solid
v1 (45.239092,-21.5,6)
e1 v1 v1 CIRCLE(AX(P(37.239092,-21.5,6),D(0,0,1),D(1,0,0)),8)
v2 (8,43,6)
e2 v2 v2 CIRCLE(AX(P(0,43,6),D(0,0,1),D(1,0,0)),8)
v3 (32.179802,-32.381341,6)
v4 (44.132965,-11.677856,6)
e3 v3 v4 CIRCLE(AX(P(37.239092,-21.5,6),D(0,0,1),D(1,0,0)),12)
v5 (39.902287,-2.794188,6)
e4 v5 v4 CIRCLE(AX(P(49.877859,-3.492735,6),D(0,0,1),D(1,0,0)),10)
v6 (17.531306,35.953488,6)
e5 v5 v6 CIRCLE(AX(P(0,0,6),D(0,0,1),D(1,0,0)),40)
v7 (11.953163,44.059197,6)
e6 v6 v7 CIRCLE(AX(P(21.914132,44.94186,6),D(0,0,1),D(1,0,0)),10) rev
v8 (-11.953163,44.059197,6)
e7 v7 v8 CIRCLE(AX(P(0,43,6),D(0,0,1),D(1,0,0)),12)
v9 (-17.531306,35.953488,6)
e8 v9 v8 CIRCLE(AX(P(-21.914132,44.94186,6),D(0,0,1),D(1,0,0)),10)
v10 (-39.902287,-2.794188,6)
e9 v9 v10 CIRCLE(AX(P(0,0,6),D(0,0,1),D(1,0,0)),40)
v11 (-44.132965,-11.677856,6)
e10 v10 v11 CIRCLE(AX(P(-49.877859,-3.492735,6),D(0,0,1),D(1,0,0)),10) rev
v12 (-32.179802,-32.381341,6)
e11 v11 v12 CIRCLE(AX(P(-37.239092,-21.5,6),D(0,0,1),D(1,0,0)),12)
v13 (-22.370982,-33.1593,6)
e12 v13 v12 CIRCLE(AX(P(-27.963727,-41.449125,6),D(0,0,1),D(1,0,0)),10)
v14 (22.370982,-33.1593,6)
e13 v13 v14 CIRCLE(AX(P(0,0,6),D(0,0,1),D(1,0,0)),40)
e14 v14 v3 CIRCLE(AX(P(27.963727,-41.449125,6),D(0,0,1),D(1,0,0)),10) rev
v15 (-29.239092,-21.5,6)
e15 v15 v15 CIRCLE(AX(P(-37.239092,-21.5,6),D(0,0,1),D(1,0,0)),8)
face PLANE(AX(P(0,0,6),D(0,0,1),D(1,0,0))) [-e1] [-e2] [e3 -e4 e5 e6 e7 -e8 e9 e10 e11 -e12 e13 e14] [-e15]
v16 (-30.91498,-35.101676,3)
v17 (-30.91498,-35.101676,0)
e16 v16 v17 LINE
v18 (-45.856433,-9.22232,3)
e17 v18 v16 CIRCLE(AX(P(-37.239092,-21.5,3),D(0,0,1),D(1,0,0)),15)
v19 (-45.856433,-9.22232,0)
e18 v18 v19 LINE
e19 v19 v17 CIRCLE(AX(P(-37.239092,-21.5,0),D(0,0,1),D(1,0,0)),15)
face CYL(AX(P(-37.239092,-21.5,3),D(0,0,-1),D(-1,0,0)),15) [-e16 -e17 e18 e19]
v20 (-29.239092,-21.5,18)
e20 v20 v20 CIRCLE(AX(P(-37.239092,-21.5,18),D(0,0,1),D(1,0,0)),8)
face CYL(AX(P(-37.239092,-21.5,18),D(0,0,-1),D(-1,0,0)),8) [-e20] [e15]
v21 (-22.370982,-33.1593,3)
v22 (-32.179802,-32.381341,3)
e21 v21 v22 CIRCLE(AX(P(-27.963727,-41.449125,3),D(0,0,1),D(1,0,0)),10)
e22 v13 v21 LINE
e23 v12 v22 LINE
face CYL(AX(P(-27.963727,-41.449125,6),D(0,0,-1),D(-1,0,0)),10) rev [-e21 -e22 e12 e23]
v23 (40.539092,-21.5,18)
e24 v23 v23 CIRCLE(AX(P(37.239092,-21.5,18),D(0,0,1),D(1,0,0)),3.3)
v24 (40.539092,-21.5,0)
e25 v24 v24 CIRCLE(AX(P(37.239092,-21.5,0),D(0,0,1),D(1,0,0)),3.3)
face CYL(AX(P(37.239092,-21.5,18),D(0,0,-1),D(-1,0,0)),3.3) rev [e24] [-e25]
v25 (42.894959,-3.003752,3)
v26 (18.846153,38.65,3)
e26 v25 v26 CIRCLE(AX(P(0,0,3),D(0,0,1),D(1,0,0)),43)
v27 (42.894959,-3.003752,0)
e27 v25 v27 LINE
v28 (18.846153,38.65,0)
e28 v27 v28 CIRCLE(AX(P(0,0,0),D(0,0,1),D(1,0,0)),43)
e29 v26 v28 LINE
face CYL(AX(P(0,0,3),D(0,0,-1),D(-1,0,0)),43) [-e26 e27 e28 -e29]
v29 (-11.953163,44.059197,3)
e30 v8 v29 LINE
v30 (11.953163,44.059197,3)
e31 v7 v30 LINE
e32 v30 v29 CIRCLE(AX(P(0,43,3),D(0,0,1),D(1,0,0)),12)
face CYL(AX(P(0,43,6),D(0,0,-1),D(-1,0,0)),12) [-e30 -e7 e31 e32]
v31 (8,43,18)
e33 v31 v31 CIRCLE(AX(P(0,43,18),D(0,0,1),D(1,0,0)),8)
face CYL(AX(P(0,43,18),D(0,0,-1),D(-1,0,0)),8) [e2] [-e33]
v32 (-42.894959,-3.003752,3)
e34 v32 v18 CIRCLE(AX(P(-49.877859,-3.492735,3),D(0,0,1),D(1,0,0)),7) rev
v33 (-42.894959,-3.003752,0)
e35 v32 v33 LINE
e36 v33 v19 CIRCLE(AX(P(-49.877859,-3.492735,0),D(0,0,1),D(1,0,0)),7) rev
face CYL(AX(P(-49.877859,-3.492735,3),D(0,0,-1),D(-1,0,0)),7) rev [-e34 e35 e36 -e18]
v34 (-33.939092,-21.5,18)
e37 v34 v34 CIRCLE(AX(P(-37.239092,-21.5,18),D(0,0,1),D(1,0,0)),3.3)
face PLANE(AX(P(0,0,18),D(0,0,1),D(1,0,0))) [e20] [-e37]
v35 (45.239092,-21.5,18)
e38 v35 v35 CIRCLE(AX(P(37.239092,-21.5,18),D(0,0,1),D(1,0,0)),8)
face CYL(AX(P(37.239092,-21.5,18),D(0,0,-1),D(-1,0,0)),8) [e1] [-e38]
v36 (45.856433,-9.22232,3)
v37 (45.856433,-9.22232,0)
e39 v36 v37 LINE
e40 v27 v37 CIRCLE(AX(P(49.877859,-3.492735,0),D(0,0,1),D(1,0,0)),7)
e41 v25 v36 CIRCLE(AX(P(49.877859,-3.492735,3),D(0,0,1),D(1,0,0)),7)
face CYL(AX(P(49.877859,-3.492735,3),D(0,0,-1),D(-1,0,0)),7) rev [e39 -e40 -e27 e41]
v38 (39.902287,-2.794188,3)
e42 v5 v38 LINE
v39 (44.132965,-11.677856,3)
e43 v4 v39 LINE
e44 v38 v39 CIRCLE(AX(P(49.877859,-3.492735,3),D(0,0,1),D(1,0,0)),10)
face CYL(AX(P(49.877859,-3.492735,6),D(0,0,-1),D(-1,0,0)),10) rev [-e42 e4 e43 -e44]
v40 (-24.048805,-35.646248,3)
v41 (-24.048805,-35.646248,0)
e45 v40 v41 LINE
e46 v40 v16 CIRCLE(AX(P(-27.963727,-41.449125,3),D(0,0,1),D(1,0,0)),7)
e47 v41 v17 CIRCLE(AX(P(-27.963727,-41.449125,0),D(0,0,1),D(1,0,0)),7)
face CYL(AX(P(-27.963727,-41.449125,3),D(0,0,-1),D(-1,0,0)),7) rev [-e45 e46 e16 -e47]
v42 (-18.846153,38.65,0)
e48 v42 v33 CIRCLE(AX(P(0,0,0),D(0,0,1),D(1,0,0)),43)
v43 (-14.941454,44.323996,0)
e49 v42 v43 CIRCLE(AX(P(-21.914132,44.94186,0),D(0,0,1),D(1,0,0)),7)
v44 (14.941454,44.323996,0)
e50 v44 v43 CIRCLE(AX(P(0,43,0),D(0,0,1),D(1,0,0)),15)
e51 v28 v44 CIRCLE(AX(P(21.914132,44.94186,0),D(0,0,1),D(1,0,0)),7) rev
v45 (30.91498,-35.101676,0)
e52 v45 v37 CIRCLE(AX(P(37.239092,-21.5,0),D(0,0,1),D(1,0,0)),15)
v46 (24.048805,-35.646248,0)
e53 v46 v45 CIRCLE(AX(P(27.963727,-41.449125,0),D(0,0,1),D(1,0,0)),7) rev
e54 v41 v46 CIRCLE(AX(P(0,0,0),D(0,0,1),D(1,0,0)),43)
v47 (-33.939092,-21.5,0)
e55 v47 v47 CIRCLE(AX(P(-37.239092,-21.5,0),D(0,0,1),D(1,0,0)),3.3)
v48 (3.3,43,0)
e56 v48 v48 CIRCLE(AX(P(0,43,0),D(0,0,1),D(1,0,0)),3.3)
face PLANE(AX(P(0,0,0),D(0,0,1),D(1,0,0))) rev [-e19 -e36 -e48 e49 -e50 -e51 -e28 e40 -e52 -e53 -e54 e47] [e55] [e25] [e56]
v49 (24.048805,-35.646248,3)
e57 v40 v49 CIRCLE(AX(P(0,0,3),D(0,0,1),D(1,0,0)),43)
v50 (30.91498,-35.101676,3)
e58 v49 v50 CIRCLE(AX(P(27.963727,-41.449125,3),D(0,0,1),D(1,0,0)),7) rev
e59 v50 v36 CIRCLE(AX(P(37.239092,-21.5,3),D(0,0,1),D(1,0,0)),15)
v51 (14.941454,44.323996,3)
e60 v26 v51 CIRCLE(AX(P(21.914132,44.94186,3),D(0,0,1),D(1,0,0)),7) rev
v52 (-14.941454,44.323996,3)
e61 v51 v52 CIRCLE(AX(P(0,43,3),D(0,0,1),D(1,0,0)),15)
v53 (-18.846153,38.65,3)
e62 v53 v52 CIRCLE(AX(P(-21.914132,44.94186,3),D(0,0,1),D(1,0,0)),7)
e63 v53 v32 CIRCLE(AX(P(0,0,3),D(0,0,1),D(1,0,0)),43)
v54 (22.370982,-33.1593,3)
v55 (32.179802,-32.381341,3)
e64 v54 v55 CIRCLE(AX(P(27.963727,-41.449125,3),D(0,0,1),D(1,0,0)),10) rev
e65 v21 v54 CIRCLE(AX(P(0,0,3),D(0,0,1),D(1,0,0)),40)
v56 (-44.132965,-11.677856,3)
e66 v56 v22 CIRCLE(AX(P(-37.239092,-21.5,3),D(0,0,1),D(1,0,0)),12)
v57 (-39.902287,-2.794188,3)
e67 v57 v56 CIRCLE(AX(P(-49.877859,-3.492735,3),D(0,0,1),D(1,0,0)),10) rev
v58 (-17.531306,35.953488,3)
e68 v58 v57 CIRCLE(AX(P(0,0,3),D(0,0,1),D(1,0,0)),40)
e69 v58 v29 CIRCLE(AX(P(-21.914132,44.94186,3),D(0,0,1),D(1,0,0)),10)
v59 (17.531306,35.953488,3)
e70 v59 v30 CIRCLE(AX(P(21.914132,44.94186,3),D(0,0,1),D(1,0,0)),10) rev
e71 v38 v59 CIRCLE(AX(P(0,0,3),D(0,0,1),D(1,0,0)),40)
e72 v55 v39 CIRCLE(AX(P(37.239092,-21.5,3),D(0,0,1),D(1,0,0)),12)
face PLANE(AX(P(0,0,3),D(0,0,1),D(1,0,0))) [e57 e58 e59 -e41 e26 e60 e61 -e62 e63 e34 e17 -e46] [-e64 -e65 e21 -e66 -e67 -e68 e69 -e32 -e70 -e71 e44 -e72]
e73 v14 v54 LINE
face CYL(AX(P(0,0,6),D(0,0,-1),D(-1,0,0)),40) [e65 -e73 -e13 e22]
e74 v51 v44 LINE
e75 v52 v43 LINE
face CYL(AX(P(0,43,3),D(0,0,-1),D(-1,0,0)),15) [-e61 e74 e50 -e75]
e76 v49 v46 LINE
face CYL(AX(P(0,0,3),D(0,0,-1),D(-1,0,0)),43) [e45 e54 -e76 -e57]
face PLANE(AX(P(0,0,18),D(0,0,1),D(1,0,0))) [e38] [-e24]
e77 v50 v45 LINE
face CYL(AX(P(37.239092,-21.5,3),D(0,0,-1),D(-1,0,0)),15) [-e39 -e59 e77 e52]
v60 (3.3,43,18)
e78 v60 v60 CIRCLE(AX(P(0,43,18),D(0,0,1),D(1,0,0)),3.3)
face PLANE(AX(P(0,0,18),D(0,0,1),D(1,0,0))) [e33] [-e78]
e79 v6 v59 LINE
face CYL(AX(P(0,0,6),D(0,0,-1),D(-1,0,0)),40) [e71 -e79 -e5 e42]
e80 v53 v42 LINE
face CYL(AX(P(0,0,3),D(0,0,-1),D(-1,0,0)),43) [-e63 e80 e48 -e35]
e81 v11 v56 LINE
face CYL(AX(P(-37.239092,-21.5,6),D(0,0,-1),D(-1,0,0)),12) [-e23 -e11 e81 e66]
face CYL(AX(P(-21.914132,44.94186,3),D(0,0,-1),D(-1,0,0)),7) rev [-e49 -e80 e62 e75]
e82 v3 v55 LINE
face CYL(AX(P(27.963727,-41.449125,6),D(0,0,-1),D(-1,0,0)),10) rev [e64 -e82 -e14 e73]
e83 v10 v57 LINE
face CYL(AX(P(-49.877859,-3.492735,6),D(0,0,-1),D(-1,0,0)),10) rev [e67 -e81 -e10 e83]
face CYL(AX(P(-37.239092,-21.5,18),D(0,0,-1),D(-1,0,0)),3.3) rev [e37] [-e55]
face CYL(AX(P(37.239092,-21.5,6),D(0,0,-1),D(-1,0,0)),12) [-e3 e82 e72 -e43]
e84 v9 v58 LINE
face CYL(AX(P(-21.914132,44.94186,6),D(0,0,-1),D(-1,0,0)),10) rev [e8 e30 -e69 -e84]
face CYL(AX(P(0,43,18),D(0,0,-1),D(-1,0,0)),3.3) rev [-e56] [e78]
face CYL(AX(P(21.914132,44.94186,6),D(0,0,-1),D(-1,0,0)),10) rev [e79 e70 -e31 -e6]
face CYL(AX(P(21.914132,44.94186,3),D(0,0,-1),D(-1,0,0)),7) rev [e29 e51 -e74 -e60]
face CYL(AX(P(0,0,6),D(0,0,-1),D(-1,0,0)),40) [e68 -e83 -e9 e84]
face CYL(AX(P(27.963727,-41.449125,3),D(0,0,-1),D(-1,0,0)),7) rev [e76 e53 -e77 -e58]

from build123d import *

# Parameters (mm, degrees)
BOSS_EXTRUDE1_DEPTH = 3
SKETCH1_3_R         = 8
BOSS_EXTRUDE2_DEPTH = 6
SKETCH1_5_R         = 8
SKETCH1_5_R_2       = 3.3
BOSS_EXTRUDE4_DEPTH = 18


with BuildPart() as part:
    # Sketch1 → Boss-Extrude1 (new body)
    with BuildSketch(Plane.XY):
        with BuildLine():
            ThreePointArc((-14.941453584, 44.323995772), (-16.147655157, 40.973517522), (-18.846153454, 38.65))
            ThreePointArc((-18.846153454, 38.65), (-37.239092363, 21.5), (-42.894958583, -3.003752345))
            ThreePointArc((-42.894958583, -3.003752345), (-43.557934635, -6.502479184), (-45.856433127, -9.222319513))
            ThreePointArc((-45.856433127, -9.222319513), (-50.229473419, -29), (-30.914979544, -35.101676259))
            ThreePointArc((-30.914979544, -35.101676259), (-27.410279478, -34.471038339), (-24.048805129, -35.646247655))
            ThreePointArc((-24.048805129, -35.646247655), (0, -43), (24.048805129, -35.646247655))
            ThreePointArc((24.048805129, -35.646247655), (27.410279478, -34.471038339), (30.914979544, -35.101676259))
            ThreePointArc((30.914979544, -35.101676259), (50.229473419, -29), (45.856433127, -9.222319513))
            ThreePointArc((45.856433127, -9.222319513), (43.557934635, -6.502479184), (42.894958583, -3.003752345))
            ThreePointArc((42.894958583, -3.003752345), (37.239092363, 21.5), (18.846153454, 38.65))
            ThreePointArc((18.846153454, 38.65), (16.147655157, 40.973517523), (14.941453584, 44.323995772))
            ThreePointArc((14.941453584, 44.323995772), (0, 58), (-14.941453584, 44.323995772))
        make_face()
        with BuildLine():
            ThreePointArc((-39.902287054, -2.794188228), (-34.641016151, 20), (-17.531305538, 35.953488372))
            ThreePointArc((-17.531305538, 35.953488372), (-13.676307972, 39.272799119), (-11.953162867, 44.059196617))
            ThreePointArc((-11.953162867, 44.059196617), (0, 55), (11.953162867, 44.059196617))
            ThreePointArc((11.953162867, 44.059196617), (13.676307972, 39.272799119), (17.531305538, 35.953488372))
            ThreePointArc((17.531305538, 35.953488372), (34.641016151, 20), (39.902287054, -2.794188228))
            ThreePointArc((39.902287054, -2.794188228), (40.8493957, -7.792369426), (44.132964974, -11.67785561))
            ThreePointArc((44.132964974, -11.67785561), (47.631397208, -27.5), (32.179802107, -32.381341007))
            ThreePointArc((32.179802107, -32.381341007), (27.173087728, -31.480429693), (22.370981516, -33.159300144))
            ThreePointArc((22.370981516, -33.159300144), (0, -40), (-22.370981516, -33.159300144))
            ThreePointArc((-22.370981516, -33.159300144), (-27.173087728, -31.480429693), (-32.179802107, -32.381341007))
            ThreePointArc((-32.179802107, -32.381341007), (-47.631397208, -27.5), (-44.132964974, -11.67785561))
            ThreePointArc((-44.132964974, -11.67785561), (-40.8493957, -7.792369426), (-39.902287054, -2.794188228))
        make_face(mode=Mode.SUBTRACT)
    extrude(amount=BOSS_EXTRUDE1_DEPTH)

    # Sketch1<3> → Boss-Extrude2 (add)
    with BuildSketch(Plane.XY):
        with BuildLine():
            ThreePointArc((-11.953162867, 44.059196617), (-13.676307972, 39.272799119), (-17.531305538, 35.953488372))
            ThreePointArc((-17.531305538, 35.953488372), (-34.641016151, 20), (-39.902287054, -2.794188228))
            ThreePointArc((-39.902287054, -2.794188228), (-40.8493957, -7.792369426), (-44.132964974, -11.67785561))
            ThreePointArc((-44.132964974, -11.67785561), (-47.631397208, -27.5), (-32.179802107, -32.381341007))
            ThreePointArc((-32.179802107, -32.381341007), (-27.173087728, -31.480429693), (-22.370981516, -33.159300144))
            ThreePointArc((-22.370981516, -33.159300144), (0, -40), (22.370981516, -33.159300144))
            ThreePointArc((22.370981516, -33.159300144), (27.173087728, -31.480429693), (32.179802107, -32.381341007))
            ThreePointArc((32.179802107, -32.381341007), (47.631397208, -27.5), (44.132964974, -11.67785561))
            ThreePointArc((44.132964974, -11.67785561), (40.8493957, -7.792369426), (39.902287054, -2.794188228))
            ThreePointArc((39.902287054, -2.794188228), (34.641016151, 20), (17.531305538, 35.953488372))
            ThreePointArc((17.531305538, 35.953488372), (13.676307972, 39.272799119), (11.953162867, 44.059196617))
            ThreePointArc((11.953162867, 44.059196617), (0, 55), (-11.953162867, 44.059196617))
        make_face()
        with Locations((-37.239092363, -21.5)):
            Circle(SKETCH1_3_R, mode=Mode.SUBTRACT)
        with Locations((37.239092363, -21.5)):
            Circle(SKETCH1_3_R, mode=Mode.SUBTRACT)
        with Locations((0, 43)):
            Circle(SKETCH1_3_R, mode=Mode.SUBTRACT)
    extrude(amount=BOSS_EXTRUDE2_DEPTH)

    # Sketch1<5> → Boss-Extrude4 (add)
    # profile 1 of 3: a face of its own
    with BuildSketch(Plane.XY):
        with Locations((0, 43)):
            Circle(SKETCH1_5_R)
        with Locations((0, 43)):
            Circle(SKETCH1_5_R_2, mode=Mode.SUBTRACT)
    # profile 2 of 3: a face of its own
    with BuildSketch(Plane.XY):
        with Locations((37.239092363, -21.5)):
            Circle(SKETCH1_5_R)
        with Locations((37.239092363, -21.5)):
            Circle(SKETCH1_5_R_2, mode=Mode.SUBTRACT)
    # profile 3 of 3: a face of its own
    with BuildSketch(Plane.XY):
        with Locations((-37.239092363, -21.5)):
            Circle(SKETCH1_5_R)
        with Locations((-37.239092363, -21.5)):
            Circle(SKETCH1_5_R_2, mode=Mode.SUBTRACT)
    extrude(amount=BOSS_EXTRUDE4_DEPTH)


solid = part.part
